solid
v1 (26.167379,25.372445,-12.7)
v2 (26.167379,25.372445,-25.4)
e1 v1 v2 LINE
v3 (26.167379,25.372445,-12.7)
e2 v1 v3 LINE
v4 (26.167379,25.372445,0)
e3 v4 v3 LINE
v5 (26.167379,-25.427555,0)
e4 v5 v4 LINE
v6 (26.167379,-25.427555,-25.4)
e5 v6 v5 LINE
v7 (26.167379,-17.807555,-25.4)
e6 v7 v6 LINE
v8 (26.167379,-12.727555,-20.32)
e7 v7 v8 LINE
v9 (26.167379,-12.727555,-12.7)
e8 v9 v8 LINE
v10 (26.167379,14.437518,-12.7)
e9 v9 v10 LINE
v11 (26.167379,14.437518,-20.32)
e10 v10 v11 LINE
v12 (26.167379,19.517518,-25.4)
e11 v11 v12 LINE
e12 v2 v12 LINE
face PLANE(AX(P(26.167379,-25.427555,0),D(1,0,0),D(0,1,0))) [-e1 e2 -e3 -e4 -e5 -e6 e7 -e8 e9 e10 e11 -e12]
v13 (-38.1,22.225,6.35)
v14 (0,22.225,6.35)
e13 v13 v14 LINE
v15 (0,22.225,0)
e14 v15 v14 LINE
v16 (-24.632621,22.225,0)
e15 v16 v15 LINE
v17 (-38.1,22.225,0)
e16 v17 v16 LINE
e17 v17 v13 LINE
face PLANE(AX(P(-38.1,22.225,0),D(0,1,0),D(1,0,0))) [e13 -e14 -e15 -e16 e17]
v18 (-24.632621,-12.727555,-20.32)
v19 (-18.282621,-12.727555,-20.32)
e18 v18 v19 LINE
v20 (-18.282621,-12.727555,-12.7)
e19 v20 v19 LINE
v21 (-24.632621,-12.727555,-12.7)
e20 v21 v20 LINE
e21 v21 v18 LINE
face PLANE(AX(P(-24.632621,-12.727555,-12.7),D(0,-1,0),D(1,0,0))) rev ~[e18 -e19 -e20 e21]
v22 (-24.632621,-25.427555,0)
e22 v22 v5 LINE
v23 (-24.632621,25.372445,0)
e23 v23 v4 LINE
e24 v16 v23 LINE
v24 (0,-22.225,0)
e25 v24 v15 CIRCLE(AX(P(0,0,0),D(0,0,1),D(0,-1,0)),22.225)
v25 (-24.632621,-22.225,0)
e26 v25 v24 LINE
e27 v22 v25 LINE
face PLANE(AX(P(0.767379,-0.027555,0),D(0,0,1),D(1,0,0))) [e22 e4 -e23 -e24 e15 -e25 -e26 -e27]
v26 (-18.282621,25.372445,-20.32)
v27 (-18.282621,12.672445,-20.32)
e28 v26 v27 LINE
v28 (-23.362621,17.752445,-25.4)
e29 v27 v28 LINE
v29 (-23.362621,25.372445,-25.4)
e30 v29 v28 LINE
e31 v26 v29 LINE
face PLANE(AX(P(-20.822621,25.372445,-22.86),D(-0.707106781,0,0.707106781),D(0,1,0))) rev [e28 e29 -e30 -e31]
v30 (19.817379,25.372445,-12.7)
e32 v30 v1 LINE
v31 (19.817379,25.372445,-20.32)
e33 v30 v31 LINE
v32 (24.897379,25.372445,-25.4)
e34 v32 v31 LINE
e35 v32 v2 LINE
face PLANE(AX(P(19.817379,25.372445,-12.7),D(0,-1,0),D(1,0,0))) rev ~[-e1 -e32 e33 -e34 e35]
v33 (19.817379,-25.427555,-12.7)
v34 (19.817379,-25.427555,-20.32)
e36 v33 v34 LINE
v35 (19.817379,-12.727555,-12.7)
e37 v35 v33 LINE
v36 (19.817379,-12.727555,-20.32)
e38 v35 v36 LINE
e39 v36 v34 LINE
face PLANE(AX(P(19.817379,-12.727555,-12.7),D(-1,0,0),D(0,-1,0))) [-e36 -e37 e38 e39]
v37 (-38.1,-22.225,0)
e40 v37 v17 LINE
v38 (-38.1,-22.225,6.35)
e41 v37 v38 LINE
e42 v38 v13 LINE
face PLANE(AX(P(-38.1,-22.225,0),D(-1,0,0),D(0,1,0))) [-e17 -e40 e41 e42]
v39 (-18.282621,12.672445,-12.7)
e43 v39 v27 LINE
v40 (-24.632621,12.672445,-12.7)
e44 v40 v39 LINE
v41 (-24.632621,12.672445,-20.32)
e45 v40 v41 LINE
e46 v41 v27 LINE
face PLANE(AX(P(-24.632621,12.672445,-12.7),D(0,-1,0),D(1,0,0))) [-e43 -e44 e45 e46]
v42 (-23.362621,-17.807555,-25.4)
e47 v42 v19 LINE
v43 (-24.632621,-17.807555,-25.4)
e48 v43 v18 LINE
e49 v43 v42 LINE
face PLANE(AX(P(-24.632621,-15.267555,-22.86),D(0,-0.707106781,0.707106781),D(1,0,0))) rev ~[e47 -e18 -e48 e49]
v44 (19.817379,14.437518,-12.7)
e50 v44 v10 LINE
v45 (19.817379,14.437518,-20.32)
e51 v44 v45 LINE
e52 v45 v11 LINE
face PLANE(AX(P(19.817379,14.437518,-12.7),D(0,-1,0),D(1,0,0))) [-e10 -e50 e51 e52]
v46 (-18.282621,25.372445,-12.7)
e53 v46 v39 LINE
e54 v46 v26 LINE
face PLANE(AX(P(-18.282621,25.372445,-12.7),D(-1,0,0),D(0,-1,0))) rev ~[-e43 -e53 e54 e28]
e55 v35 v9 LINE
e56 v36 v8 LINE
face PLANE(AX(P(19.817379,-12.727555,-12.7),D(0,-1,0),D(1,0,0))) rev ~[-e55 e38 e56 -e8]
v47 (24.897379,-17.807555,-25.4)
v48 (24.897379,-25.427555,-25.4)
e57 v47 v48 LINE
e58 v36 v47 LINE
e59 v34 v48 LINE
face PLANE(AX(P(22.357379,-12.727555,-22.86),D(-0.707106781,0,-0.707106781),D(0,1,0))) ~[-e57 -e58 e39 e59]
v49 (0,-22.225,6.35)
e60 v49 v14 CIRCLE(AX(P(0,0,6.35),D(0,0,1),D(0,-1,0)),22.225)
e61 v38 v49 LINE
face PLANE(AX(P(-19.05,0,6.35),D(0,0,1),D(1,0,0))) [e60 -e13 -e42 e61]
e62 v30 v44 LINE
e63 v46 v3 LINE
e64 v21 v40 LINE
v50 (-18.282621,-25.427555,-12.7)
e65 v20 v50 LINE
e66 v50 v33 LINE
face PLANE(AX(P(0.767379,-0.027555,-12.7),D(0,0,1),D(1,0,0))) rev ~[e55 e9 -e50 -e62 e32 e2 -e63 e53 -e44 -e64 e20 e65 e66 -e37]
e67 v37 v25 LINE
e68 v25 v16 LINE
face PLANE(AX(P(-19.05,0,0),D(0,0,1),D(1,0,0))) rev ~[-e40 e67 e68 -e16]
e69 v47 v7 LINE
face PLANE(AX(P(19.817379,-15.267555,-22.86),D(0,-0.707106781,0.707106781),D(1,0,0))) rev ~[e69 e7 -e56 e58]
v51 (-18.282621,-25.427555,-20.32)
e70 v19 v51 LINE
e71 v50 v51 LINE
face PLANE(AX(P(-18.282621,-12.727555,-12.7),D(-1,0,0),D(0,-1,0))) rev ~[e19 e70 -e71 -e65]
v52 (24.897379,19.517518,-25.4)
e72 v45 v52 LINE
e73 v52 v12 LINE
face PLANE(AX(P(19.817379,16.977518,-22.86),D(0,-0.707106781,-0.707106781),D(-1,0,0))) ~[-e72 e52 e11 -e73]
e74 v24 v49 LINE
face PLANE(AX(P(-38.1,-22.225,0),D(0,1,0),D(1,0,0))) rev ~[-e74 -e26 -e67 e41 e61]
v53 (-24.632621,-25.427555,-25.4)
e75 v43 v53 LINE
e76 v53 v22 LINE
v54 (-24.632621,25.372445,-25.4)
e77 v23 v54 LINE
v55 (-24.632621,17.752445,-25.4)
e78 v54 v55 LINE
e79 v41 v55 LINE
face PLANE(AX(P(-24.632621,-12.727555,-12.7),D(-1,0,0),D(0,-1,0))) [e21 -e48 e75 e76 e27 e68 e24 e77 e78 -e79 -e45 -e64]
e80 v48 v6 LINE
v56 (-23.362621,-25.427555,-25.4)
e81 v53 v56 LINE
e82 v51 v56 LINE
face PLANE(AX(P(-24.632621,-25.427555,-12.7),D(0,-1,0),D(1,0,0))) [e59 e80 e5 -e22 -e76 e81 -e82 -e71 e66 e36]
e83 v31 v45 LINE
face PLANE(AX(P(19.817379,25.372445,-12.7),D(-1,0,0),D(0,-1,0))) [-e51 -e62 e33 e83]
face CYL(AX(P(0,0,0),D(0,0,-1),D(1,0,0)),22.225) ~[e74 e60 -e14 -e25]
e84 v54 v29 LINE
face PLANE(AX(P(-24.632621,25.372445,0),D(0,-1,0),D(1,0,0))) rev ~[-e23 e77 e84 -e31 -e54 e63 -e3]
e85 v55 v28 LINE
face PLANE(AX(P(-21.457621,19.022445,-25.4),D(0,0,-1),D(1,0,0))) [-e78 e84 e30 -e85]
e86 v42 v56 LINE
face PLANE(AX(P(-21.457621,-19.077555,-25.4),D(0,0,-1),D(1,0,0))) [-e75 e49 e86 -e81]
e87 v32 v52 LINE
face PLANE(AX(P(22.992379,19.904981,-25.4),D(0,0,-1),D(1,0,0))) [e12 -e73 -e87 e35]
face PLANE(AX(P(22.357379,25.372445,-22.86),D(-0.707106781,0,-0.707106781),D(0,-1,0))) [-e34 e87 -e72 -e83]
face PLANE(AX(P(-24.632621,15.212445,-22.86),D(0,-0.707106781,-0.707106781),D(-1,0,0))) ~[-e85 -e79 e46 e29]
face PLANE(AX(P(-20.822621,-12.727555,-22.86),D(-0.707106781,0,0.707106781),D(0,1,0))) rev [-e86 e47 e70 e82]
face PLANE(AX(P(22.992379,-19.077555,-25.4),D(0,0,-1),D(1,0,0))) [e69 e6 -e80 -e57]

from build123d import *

# Parameters (mm, degrees)
F0_W     = 50.8
F0_H     = 50.8
F1_DEPTH = 12.7
F2_W     = 6.35
F2_H     = 12.7
F2_H_2   = 10.934927
F3_DEPTH = 12.7
F4_SIZE  = 5.08
F5_R     = 22.225
F6_DEPTH = 6.35
F7_W     = 38.1
F7_H     = 44.45
F8_DEPTH = 6.35


with BuildPart() as f1:
    # F0 (on Top) → F1 (new body)
    with BuildSketch(Plane.XY):
        with Locations((0.767379, -0.027555)):
            Rectangle(F0_W, F0_H)
    extrude(amount=-F1_DEPTH)

    # F2 (on face) → F3 (join)
    with BuildSketch(Plane(origin=(0, 0, -12.7), x_dir=(1, 0, 0), z_dir=(0, 0, -1))):
        with Locations((-21.457621, 19.077555)):
            Rectangle(F2_W, F2_H)
        with Locations((22.992379, 19.077555)):
            Rectangle(F2_W, F2_H)
        with Locations((-21.457621, -19.022445)):
            Rectangle(F2_W, F2_H)
        with Locations((22.992379, -19.904981)):
            Rectangle(F2_W, F2_H_2)
    extrude(amount=F3_DEPTH)

    # F4
    f4_edges = [f1.edges().sort_by_distance(p)[0] for p in [
        (-21.457621, -12.727555, -25.4),
        (-18.282621, -19.077555, -25.4),
        (19.817379, -19.077555, -25.4),
        (22.992379, -12.727555, -25.4),
        (-18.282621, 19.022445, -25.4),
        (-21.457621, 12.672445, -25.4),
        (22.992379, 14.437518, -25.4),
        (19.817379, 19.904981, -25.4),
    ]]
    chamfer(f4_edges, length=F4_SIZE)

    # F5 (on face) → F6 (join)
    with BuildSketch(Plane.XY):
        Circle(F5_R)
    extrude(amount=F6_DEPTH)

    # F7 (on face) → F8 (join)
    with BuildSketch(Plane.XY):
        with Locations((-19.05, 0)):
            Rectangle(F7_W, F7_H)
    extrude(amount=F8_DEPTH)


solid = f1.part
